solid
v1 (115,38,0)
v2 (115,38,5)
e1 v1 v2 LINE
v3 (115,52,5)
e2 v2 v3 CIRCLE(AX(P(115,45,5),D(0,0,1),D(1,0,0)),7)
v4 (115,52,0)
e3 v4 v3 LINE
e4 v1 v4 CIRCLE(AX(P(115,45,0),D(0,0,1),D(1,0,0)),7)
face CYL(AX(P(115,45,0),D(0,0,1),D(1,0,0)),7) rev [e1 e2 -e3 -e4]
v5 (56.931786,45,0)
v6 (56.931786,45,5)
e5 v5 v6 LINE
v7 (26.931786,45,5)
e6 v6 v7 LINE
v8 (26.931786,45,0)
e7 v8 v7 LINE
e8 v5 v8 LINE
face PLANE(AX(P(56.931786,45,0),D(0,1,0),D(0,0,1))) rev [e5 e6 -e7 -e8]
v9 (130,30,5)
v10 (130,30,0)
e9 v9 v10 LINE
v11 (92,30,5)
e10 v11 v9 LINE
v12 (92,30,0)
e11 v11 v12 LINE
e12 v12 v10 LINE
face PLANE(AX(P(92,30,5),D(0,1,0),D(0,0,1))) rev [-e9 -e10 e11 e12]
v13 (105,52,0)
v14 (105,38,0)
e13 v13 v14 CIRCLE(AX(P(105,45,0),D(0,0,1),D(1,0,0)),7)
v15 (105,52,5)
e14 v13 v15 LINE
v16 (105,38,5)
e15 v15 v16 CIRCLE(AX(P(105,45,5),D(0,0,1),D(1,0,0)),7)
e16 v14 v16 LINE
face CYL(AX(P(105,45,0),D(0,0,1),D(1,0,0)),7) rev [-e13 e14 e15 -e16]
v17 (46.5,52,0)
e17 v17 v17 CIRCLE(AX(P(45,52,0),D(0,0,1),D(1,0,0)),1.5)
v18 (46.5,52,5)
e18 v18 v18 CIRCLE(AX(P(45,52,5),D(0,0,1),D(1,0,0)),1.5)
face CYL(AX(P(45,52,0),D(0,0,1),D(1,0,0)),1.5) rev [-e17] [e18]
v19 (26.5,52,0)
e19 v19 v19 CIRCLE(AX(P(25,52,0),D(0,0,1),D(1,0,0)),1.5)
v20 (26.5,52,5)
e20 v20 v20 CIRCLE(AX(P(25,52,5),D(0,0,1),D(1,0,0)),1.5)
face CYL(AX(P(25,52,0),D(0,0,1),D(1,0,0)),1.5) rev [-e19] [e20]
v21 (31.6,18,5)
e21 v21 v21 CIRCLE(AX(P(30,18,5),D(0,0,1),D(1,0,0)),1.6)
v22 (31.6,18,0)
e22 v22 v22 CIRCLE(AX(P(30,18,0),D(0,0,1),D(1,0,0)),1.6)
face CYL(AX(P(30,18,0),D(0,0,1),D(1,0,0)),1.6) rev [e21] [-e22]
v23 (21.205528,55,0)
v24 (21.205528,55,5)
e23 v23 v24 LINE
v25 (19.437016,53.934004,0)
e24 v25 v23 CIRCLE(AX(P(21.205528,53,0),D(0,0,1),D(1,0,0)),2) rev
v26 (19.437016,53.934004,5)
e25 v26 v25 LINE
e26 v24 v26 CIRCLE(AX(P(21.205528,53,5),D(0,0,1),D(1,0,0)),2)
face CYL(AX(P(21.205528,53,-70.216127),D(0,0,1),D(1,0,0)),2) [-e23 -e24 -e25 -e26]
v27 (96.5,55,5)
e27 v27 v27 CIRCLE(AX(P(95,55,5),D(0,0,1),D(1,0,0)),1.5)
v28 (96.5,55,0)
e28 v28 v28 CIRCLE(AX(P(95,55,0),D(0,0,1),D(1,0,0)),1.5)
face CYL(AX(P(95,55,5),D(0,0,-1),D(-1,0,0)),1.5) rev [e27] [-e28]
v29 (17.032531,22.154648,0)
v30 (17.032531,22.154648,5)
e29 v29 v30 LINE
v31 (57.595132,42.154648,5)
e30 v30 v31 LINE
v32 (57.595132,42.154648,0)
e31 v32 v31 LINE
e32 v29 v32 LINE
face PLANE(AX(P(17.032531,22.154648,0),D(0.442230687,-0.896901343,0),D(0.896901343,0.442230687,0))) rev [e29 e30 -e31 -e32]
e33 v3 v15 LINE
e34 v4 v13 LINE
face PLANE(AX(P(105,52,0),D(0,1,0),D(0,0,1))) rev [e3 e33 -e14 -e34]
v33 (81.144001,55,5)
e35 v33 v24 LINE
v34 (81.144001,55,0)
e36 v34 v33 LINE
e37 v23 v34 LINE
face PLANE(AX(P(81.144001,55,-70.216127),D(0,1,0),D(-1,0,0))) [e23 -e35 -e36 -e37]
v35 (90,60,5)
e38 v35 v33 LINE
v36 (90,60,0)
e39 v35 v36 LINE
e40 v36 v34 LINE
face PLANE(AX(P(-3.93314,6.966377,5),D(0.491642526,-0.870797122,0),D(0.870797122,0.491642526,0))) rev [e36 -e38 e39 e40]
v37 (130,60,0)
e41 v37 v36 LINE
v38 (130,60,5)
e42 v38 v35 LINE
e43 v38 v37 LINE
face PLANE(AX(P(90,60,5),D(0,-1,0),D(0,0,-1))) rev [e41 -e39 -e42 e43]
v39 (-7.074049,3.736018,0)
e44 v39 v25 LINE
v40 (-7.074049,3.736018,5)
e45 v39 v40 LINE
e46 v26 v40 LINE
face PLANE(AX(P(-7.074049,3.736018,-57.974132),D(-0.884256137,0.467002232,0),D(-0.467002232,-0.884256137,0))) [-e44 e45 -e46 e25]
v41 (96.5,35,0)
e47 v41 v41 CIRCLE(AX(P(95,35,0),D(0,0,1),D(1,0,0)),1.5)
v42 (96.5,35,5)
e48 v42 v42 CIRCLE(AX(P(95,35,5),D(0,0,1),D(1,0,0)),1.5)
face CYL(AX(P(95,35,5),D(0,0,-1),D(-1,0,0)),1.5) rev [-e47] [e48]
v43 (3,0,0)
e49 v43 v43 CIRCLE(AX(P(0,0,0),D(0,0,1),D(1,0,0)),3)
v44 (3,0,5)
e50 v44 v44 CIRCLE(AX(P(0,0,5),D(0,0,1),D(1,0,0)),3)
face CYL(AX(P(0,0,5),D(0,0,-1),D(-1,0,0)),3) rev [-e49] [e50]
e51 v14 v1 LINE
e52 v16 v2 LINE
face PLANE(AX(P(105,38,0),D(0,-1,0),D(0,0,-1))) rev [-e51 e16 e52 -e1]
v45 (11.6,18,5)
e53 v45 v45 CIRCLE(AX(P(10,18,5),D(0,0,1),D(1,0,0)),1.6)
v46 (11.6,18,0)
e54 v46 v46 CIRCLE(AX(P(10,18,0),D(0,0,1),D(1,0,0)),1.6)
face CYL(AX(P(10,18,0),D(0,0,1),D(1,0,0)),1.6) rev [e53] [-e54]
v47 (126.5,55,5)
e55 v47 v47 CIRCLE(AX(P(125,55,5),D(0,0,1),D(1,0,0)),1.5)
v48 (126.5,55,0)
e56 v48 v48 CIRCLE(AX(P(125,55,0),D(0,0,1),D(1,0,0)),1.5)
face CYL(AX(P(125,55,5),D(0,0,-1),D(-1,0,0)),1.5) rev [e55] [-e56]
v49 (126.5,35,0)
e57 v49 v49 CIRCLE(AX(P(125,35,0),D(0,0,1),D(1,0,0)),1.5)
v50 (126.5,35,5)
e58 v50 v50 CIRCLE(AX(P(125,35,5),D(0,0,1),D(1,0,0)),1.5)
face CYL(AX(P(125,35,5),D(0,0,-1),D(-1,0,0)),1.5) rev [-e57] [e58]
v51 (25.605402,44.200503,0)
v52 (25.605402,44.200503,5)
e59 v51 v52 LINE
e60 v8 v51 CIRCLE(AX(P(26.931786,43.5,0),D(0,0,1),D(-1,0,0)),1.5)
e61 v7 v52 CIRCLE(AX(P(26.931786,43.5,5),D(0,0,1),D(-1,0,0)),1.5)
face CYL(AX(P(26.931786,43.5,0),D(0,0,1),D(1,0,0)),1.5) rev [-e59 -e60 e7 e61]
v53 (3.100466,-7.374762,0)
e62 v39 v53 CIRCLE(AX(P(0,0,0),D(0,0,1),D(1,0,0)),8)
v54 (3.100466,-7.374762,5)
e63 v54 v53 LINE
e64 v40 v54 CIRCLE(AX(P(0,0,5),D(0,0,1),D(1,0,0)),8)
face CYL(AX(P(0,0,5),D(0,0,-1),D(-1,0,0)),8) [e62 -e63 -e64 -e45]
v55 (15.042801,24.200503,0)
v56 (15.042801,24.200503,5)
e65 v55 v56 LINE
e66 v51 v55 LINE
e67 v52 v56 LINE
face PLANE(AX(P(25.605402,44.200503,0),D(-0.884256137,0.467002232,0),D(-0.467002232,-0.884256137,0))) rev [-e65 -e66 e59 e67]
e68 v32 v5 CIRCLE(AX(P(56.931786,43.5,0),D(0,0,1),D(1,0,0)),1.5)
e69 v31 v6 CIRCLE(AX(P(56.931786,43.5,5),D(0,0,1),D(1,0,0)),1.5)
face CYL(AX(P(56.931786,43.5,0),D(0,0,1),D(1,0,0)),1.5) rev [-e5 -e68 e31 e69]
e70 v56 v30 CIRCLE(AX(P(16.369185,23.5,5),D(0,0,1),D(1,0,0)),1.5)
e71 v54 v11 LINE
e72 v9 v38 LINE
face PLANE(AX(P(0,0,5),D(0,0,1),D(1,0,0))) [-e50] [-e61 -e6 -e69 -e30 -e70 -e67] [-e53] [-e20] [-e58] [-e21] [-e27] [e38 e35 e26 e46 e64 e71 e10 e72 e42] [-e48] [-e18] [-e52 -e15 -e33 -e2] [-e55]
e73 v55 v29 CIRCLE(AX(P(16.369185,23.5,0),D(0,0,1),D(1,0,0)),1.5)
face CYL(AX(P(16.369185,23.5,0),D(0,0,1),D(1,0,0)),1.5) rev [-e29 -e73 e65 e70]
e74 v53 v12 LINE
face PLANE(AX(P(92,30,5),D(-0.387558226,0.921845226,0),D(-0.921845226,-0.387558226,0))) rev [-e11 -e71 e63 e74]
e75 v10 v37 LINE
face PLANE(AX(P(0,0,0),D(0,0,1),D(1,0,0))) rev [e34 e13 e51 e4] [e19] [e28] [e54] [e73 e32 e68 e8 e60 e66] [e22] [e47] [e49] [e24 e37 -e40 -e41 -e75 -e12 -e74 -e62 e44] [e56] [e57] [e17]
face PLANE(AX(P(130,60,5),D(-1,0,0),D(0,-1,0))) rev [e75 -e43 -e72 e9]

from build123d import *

# Parameters (mm, degrees)
SKETCH_1_R          = 3
SKETCH_1_R_2        = 1.5
EXTRUDE_1_DEPTH     = 5
EXTRUDE_2_DEPTH     = 5
SKETCH_4_R          = 1.5
CUT_EXTRUDE_1_DEPTH = 144.265487819
EXTRUDE_START       = -5
EXTRUDE_3_DEPTH     = 5
CUT_EXTRUDE_2_DEPTH = 144.265487819
SKETCH_7_R          = 1.6
CUT_EXTRUDE_3_DEPTH = 144.265487819
FILLET_1_R          = 2


with BuildPart() as part:
    # 草图1 → 凸台-拉伸1 (new body)
    with BuildSketch(Plane.XY):
        with BuildLine():
            Line((-3.933140204, 6.966376973), (90, 60))
            Line((90, 60), (130, 60))
            Line((130, 60), (130, 30))
            Line((130, 30), (92, 30))
            Line((92, 30), (3.100465808, -7.374761811))
            ThreePointArc((3.100465808, -7.374761811), (-7.182645896, -3.522725923), (-3.933140204, 6.966376973))
        make_face()
        Circle(SKETCH_1_R, mode=Mode.SUBTRACT)
        with Locations((95, 55)):
            Circle(SKETCH_1_R_2, mode=Mode.SUBTRACT)
        with Locations((125, 55)):
            Circle(SKETCH_1_R_2, mode=Mode.SUBTRACT)
        with Locations((125, 35)):
            Circle(SKETCH_1_R_2, mode=Mode.SUBTRACT)
        with Locations((95, 35)):
            Circle(SKETCH_1_R_2, mode=Mode.SUBTRACT)
    extrude(amount=EXTRUDE_1_DEPTH)

    # 草图3 → 凸台-拉伸2 (add)
    with BuildSketch(Plane.XY.offset(5)):
        Polygon((81.144001216, 55), (20, 55), (20, 20.478766027), align=None)
    extrude(amount=-EXTRUDE_2_DEPTH)

    # 草图4 → 切除-拉伸1 (cut, through all)
    with BuildSketch(Plane.XY.offset(5)):
        with Locations((25, 52)):
            Circle(SKETCH_4_R)
        with Locations((45, 52)):
            Circle(SKETCH_4_R)
    extrude(amount=-CUT_EXTRUDE_1_DEPTH, mode=Mode.SUBTRACT)

    # 草图6 → 凸台-拉伸3 (add)
    with BuildSketch(Plane.XY.offset(5).offset(EXTRUDE_START)):
        with BuildLine():
            Line((-7.074049095, 3.736017853), (20, 55))
            Line((20, 55), (20, 20.478766027))
            Line((20, 20.478766027), (-3.933140204, 6.966376973))
            ThreePointArc((-3.933140204, 6.966376973), (-5.735709118, 5.576884517), (-7.074049095, 3.736017853))
        make_face()
    extrude(amount=EXTRUDE_3_DEPTH)

    # 草图5 → 切除-拉伸2 (cut, through all)
    with BuildSketch(Plane.XY.offset(5)):
        with BuildLine():
            Line((105, 52), (115, 52))
            ThreePointArc((115, 52), (122, 45), (115, 38))
            Line((115, 38), (105, 38))
            ThreePointArc((105, 38), (98, 45), (105, 52))
        make_face()
        with BuildLine():
            Line((25.605401824, 44.200503347), (15.042800964, 24.200503347))
            ThreePointArc((15.042800964, 24.200503347), (15.293877797, 22.454192152), (17.032531201, 22.154647985))
            Line((17.032531201, 22.154647985), (57.595132061, 42.154647985))
            ThreePointArc((57.595132061, 42.154647985), (58.392612512, 43.840567158), (56.93178603, 45))
            Line((56.93178603, 45), (26.93178603, 45))
            ThreePointArc((26.93178603, 45), (26.157433081, 44.784670195), (25.605401824, 44.200503347))
        make_face()
    extrude(amount=-CUT_EXTRUDE_2_DEPTH, mode=Mode.SUBTRACT)

    # 草图7 → 切除-拉伸3 (cut, through all)
    with BuildSketch(Plane.XY.offset(5)):
        with Locations((10, 18)):
            Circle(SKETCH_7_R)
        with Locations((30, 18)):
            Circle(SKETCH_7_R)
    extrude(amount=-CUT_EXTRUDE_3_DEPTH, mode=Mode.SUBTRACT)

    # 圆角1
    fillet_1_edges = [part.edges().sort_by_distance(p)[0] for p in [
        (20, 55, 2.5),
    ]]
    fillet(fillet_1_edges, radius=FILLET_1_R)


solid = part.part
